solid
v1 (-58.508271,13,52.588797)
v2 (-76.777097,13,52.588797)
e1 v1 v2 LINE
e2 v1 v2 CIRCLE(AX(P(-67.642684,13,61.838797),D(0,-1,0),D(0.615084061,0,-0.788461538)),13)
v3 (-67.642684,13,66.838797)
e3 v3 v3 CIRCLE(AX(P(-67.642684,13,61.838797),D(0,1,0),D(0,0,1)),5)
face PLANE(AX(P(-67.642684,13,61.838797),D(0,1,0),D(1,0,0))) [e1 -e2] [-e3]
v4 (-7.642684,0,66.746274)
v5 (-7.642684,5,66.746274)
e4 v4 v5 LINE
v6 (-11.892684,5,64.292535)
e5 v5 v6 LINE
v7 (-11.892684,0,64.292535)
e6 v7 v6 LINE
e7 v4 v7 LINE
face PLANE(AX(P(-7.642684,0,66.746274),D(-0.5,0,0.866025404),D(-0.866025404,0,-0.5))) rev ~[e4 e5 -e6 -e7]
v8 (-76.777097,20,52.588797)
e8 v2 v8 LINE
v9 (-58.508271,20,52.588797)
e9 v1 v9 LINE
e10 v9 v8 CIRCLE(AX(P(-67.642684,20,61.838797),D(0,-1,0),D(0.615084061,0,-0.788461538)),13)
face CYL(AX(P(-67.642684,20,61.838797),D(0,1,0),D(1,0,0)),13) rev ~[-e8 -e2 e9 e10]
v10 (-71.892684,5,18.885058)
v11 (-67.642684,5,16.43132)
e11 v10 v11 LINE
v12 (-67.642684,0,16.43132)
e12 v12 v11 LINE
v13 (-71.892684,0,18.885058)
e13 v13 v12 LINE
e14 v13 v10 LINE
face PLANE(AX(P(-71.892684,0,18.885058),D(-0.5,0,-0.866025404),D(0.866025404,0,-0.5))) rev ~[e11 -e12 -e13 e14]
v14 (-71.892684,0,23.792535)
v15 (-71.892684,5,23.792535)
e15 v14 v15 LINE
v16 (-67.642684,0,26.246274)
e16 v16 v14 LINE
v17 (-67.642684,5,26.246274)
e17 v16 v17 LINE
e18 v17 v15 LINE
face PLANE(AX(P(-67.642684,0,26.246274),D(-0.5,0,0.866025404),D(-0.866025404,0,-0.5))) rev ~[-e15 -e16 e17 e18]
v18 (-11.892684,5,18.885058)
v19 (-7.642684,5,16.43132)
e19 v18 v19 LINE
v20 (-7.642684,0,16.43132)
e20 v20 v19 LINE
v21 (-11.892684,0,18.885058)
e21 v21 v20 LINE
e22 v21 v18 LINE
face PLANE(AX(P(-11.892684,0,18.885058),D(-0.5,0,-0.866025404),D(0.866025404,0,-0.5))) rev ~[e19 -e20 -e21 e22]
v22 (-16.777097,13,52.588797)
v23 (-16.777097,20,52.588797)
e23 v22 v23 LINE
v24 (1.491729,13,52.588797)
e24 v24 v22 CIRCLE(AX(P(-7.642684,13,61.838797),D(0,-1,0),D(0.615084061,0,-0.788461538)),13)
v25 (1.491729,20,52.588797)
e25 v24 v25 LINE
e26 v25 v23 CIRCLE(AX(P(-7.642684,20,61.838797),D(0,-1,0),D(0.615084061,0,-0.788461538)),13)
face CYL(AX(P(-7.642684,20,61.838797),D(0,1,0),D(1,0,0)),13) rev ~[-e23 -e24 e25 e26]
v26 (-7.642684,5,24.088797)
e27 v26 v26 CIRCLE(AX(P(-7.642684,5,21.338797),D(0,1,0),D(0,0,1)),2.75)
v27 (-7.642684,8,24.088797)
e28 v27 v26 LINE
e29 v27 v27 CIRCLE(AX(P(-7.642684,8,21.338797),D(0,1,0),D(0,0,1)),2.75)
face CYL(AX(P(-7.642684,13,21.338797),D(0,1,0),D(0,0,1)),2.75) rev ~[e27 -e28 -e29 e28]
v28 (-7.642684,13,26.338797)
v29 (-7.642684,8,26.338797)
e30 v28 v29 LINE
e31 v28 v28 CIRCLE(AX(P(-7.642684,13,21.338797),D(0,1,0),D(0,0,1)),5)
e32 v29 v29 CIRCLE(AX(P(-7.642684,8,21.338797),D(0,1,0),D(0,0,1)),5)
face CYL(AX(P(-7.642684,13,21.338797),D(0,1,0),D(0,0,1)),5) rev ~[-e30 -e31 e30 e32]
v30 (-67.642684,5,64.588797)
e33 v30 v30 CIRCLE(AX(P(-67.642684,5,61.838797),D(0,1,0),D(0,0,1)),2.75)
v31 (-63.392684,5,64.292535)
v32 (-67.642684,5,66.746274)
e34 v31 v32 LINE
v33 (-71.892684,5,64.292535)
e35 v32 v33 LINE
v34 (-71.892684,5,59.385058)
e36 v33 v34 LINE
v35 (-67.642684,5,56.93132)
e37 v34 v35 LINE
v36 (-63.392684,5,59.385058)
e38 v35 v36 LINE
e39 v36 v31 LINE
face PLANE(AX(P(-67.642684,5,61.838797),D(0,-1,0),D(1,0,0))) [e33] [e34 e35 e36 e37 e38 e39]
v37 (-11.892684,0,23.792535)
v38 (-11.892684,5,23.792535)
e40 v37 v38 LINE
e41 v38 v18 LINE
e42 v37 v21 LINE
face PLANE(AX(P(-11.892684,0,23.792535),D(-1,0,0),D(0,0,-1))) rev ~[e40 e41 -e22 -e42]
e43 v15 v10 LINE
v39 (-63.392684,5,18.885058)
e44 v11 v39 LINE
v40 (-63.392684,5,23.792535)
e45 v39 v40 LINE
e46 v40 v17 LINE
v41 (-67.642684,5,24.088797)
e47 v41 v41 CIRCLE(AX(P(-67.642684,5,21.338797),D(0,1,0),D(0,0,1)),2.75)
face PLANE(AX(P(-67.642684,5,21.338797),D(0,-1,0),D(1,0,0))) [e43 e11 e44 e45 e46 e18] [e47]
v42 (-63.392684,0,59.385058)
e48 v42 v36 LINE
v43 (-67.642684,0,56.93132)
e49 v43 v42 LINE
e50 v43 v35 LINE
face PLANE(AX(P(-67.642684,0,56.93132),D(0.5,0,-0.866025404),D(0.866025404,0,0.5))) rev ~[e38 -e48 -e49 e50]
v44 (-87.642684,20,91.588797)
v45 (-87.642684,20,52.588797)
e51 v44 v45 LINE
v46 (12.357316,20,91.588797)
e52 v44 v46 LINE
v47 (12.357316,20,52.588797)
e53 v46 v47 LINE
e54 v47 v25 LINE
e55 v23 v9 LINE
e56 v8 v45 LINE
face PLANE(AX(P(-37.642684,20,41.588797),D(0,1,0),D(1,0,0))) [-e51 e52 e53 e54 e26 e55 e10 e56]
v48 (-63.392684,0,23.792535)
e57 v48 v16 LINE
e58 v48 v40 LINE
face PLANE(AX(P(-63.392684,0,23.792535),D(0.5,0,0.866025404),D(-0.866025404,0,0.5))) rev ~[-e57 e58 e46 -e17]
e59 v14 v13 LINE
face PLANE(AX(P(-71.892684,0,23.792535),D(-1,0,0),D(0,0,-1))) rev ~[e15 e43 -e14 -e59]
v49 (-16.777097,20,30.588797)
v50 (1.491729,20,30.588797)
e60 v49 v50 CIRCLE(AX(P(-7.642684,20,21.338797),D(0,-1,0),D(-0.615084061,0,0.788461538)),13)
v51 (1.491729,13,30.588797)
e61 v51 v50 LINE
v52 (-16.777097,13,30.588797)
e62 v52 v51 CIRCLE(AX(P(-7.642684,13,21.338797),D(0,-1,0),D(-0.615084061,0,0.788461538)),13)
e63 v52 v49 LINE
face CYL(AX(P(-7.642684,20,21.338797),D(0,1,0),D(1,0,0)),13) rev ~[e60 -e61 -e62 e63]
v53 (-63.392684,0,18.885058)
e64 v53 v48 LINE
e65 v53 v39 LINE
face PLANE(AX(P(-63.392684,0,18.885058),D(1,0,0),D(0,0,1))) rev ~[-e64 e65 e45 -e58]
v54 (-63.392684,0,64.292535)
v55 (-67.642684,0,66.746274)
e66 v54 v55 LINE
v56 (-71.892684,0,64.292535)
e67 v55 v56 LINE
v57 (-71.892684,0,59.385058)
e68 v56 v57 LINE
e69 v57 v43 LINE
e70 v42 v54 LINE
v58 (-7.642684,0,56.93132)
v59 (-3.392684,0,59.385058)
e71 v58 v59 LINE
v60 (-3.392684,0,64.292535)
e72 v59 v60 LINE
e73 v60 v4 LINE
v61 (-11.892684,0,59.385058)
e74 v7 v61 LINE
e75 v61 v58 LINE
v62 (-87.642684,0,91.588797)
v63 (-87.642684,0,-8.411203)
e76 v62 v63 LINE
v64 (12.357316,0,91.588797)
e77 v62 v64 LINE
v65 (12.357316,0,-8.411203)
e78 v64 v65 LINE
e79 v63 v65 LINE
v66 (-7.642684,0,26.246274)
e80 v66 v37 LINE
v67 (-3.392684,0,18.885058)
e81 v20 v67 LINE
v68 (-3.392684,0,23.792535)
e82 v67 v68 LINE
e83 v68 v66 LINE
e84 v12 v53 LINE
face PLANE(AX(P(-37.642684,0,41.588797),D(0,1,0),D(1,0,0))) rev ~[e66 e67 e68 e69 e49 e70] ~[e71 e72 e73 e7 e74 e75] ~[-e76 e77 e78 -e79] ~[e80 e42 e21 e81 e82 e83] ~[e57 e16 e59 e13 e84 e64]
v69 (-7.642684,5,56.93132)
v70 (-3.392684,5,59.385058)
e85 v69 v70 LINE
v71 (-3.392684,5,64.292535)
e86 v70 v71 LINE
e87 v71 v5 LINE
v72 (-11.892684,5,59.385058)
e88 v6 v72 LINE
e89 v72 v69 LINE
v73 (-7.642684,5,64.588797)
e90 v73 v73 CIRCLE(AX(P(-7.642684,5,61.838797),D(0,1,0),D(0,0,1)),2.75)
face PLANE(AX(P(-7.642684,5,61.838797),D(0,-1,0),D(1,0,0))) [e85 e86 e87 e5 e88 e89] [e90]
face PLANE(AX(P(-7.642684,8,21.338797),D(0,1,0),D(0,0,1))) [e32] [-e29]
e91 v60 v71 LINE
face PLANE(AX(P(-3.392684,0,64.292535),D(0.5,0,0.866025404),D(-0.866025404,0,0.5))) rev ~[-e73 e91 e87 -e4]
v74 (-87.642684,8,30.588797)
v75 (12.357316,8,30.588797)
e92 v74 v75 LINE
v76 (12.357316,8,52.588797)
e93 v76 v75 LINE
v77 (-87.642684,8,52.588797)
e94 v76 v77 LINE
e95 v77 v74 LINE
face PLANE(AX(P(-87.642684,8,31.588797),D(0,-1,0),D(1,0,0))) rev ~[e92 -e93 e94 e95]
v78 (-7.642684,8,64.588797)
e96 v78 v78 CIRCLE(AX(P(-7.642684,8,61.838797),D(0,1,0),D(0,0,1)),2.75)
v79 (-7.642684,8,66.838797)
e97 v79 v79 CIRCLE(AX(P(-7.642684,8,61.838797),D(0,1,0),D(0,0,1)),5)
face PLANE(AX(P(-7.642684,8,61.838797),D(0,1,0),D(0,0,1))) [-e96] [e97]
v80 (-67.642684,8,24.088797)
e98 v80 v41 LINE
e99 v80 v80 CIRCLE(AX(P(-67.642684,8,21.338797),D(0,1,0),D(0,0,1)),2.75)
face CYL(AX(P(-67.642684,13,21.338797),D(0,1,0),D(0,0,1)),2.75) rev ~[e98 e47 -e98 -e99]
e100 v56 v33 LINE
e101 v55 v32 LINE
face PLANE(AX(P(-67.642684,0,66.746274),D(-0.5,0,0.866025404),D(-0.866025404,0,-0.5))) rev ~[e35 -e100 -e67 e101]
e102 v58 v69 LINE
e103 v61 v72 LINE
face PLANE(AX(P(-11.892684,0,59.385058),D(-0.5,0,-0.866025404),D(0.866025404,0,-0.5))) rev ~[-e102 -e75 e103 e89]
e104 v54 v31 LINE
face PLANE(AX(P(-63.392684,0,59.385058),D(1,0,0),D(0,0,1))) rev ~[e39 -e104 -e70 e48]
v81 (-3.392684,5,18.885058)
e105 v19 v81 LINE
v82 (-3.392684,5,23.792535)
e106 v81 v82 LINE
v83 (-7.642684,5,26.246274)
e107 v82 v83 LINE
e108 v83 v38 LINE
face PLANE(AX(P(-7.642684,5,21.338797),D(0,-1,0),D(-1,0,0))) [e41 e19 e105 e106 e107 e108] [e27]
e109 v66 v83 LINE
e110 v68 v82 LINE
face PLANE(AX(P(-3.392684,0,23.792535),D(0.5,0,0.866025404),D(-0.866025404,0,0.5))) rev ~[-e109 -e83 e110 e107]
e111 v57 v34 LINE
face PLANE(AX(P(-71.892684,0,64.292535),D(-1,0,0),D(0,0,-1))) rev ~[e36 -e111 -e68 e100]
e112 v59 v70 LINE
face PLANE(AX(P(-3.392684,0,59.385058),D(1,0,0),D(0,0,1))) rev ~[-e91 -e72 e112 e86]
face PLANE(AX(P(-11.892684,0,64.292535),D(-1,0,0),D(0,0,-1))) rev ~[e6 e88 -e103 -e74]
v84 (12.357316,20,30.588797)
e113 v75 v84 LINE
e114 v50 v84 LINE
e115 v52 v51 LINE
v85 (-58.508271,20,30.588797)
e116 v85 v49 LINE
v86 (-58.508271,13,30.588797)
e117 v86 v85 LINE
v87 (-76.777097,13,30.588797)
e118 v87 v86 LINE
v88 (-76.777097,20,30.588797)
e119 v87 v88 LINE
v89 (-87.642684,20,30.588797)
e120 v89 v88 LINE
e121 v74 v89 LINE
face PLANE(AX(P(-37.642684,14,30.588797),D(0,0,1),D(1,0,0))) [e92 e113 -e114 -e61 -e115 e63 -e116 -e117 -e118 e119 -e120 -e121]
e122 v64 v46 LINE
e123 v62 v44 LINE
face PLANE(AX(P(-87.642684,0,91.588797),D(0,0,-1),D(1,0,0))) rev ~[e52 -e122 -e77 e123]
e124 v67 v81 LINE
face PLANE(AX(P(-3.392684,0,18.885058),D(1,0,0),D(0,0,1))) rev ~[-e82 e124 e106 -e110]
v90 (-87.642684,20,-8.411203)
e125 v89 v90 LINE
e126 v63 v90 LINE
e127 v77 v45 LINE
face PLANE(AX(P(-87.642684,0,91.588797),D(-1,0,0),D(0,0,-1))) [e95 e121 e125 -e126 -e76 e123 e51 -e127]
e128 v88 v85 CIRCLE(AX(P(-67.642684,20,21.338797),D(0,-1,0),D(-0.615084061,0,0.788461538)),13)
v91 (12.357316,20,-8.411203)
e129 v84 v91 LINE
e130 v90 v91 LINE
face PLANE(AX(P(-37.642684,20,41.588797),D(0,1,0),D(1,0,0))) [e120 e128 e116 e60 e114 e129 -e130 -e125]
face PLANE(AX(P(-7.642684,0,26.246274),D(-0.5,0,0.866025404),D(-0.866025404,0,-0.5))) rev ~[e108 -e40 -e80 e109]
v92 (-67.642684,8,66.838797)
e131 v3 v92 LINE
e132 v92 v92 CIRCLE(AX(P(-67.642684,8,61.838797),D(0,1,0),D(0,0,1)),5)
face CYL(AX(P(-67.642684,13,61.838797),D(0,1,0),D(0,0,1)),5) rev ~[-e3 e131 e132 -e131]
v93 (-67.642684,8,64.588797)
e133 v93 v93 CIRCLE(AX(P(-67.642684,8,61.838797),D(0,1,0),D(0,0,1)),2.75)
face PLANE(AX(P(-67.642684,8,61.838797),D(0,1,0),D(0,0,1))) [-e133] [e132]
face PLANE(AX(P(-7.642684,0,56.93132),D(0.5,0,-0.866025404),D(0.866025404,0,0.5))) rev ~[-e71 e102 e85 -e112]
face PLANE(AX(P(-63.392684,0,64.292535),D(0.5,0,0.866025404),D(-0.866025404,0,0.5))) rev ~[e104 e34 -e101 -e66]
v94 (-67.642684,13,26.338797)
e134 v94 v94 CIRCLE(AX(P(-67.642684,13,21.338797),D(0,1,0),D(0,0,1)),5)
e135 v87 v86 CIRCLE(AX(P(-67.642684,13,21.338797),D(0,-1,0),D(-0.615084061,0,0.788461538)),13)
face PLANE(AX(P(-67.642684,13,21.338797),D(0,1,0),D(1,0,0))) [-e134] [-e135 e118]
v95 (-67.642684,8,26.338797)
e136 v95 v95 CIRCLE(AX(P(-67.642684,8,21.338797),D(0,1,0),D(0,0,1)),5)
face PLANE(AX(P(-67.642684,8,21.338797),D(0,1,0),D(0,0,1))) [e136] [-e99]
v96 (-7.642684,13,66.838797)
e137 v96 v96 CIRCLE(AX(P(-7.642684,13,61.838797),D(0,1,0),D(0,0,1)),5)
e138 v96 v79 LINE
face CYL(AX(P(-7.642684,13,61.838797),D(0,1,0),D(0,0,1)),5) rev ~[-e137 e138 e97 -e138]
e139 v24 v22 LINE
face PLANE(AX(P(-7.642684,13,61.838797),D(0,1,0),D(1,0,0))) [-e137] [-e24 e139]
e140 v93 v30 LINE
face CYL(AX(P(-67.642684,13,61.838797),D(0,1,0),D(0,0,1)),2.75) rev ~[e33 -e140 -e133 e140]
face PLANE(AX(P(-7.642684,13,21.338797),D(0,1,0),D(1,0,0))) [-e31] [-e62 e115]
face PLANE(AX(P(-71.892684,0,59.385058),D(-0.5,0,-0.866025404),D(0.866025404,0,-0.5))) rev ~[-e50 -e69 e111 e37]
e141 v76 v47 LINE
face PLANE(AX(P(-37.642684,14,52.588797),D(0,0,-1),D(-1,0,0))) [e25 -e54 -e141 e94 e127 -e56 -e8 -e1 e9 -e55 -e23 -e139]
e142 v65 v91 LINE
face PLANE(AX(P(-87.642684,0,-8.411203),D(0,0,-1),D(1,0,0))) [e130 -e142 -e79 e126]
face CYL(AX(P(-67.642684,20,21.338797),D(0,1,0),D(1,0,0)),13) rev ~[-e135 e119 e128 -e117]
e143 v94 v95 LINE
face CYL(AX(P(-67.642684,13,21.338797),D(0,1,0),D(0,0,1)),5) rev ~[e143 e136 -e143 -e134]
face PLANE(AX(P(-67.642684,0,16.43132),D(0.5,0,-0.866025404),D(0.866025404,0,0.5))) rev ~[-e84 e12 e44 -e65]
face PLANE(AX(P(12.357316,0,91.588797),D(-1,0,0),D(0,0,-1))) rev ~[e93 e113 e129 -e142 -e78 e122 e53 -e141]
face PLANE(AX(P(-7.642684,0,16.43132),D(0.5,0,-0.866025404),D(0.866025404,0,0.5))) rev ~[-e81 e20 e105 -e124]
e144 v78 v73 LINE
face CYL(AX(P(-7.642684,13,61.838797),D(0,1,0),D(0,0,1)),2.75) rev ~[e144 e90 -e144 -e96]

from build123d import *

# Parameters (mm, degrees)
SKETCH2_W           = 100
SKETCH2_H           = 100
BOSS_EXTRUDE1_DEPTH = 20
SKETCH3_W           = 100
SKETCH3_H           = 20
CUT_EXTRUDE1_DEPTH  = 12
SKETCH5_R           = 13
CUT_EXTRUDE2_DEPTH  = 7
SKETCH6_R           = 13
CUT_EXTRUDE3_DEPTH  = 7
SKETCH8_R           = 13
CUT_EXTRUDE5_DEPTH  = 7
SKETCH7_R           = 13
CUT_EXTRUDE10_DEPTH = 7
SKETCH13_R          = 2.75
CUT_EXTRUDE11_DEPTH = 128.4313455
SKETCH14_R          = 2.75
CUT_EXTRUDE12_DEPTH = 128.4313455
SKETCH15_R          = 2.75
CUT_EXTRUDE13_DEPTH = 128.4313455
SKETCH16_R          = 2.75
CUT_EXTRUDE14_DEPTH = 128.4313455
CUT_EXTRUDE15_DEPTH = 5
CUT_EXTRUDE16_DEPTH = 5
CUT_EXTRUDE17_DEPTH = 5
CUT_EXTRUDE18_DEPTH = 5
SKETCH22_W          = 100
SKETCH22_H          = 12
CUT_EXTRUDE19_DEPTH = 1
SKETCH23_W          = 100
SKETCH23_H          = 12
CUT_EXTRUDE20_DEPTH = 1
SKETCH24_R          = 5
CUT_EXTRUDE21_DEPTH = 5
SKETCH25_R          = 5
CUT_EXTRUDE22_DEPTH = 5
SKETCH26_R          = 5
CUT_EXTRUDE23_DEPTH = 5
SKETCH27_R          = 5
CUT_EXTRUDE24_DEPTH = 5


with BuildPart() as part:
    # Sketch2 → Boss-Extrude1 (new body)
    with BuildSketch(Plane(origin=(0, 0, 0), x_dir=(1, 0, 0), z_dir=(0, 1, 0))):
        with Locations((-37.64268429, -41.588796838)):
            Rectangle(SKETCH2_W, SKETCH2_H)
    extrude(amount=BOSS_EXTRUDE1_DEPTH)

    # Sketch3 → Cut-Extrude1 (cut)
    with BuildSketch(Plane(origin=(0, 20, 0), x_dir=(1, 0, 0), z_dir=(0, 1, 0))):
        with Locations((-37.64268429, -41.588796838)):
            Rectangle(SKETCH3_W, SKETCH3_H)
    extrude(amount=-CUT_EXTRUDE1_DEPTH, mode=Mode.SUBTRACT)

    # Sketch5 → Cut-Extrude2 (cut)
    with BuildSketch(Plane(origin=(0, 20, 0), x_dir=(1, 0, 0), z_dir=(0, 1, 0))):
        with Locations((-7.64268429, -61.838796838)):
            Circle(SKETCH5_R)
    extrude(amount=-CUT_EXTRUDE2_DEPTH, mode=Mode.SUBTRACT)

    # Sketch6 → Cut-Extrude3 (cut)
    with BuildSketch(Plane(origin=(0, 20, 0), x_dir=(1, 0, 0), z_dir=(0, 1, 0))):
        with Locations((-67.64268429, -61.838796838)):
            Circle(SKETCH6_R)
    extrude(amount=-CUT_EXTRUDE3_DEPTH, mode=Mode.SUBTRACT)

    # Sketch8 → Cut-Extrude5 (cut)
    with BuildSketch(Plane(origin=(0, 20, 0), x_dir=(1, 0, 0), z_dir=(0, 1, 0))):
        with Locations((-7.64268429, -21.338796838)):
            Circle(SKETCH8_R)
    extrude(amount=-CUT_EXTRUDE5_DEPTH, mode=Mode.SUBTRACT)

    # Sketch7 → Cut-Extrude10 (cut)
    with BuildSketch(Plane(origin=(0, 20, 0), x_dir=(1, 0, 0), z_dir=(0, 1, 0))):
        with Locations((-67.64268429, -21.338796838)):
            Circle(SKETCH7_R)
    extrude(amount=-CUT_EXTRUDE10_DEPTH, mode=Mode.SUBTRACT)

    # Sketch13 → Cut-Extrude11 (cut, through all)
    with BuildSketch(Plane(origin=(0, 13, 0), x_dir=(1, 0, 0), z_dir=(0, 1, 0))):
        with Locations(Location((-67.64268429, -21.338796838, 0), (0, 0, 270))):
            Circle(SKETCH13_R)
    extrude(amount=-CUT_EXTRUDE11_DEPTH, mode=Mode.SUBTRACT)

    # Sketch14 → Cut-Extrude12 (cut, through all)
    with BuildSketch(Plane(origin=(0, 13, 0), x_dir=(1, 0, 0), z_dir=(0, 1, 0))):
        with Locations(Location((-7.64268429, -21.338796838, 0), (0, 0, 270))):
            Circle(SKETCH14_R)
    extrude(amount=-CUT_EXTRUDE12_DEPTH, mode=Mode.SUBTRACT)

    # Sketch15 → Cut-Extrude13 (cut, through all)
    with BuildSketch(Plane(origin=(0, 13, 0), x_dir=(1, 0, 0), z_dir=(0, 1, 0))):
        with Locations(Location((-7.64268429, -61.838796838, 0), (0, 0, 270))):
            Circle(SKETCH15_R)
    extrude(amount=-CUT_EXTRUDE13_DEPTH, mode=Mode.SUBTRACT)

    # Sketch16 → Cut-Extrude14 (cut, through all)
    with BuildSketch(Plane(origin=(0, 13, 0), x_dir=(1, 0, 0), z_dir=(0, 1, 0))):
        with Locations(Location((-67.64268429, -61.838796838, 0), (0, 0, 270))):
            Circle(SKETCH16_R)
    extrude(amount=-CUT_EXTRUDE14_DEPTH, mode=Mode.SUBTRACT)

    # Sketch17 → Cut-Extrude15 (cut)
    with BuildSketch(Plane(origin=(0, 0, 0), x_dir=(-1, 0, 0), z_dir=(0, -1, 0))):
        Polygon((7.64268429, -26.246274126), (11.89268429, -23.792535482), (11.89268429, -18.885058194), (7.64268429, -16.43131955), (3.39268429, -18.885058194), (3.39268429, -23.792535482), align=None)
    extrude(amount=-CUT_EXTRUDE15_DEPTH, mode=Mode.SUBTRACT)

    # Sketch19 → Cut-Extrude16 (cut)
    with BuildSketch(Plane.XZ):
        Polygon((-67.64268429, 26.246274126), (-71.89268429, 23.792535482), (-71.89268429, 18.885058194), (-67.64268429, 16.43131955), (-63.39268429, 18.885058194), (-63.39268429, 23.792535482), align=None)
    extrude(amount=-CUT_EXTRUDE16_DEPTH, mode=Mode.SUBTRACT)

    # Sketch20 → Cut-Extrude17 (cut)
    with BuildSketch(Plane.XZ):
        Polygon((-67.64268429, 66.746274126), (-71.89268429, 64.292535482), (-71.89268429, 59.385058194), (-67.64268429, 56.93131955), (-63.39268429, 59.385058194), (-63.39268429, 64.292535482), align=None)
    extrude(amount=-CUT_EXTRUDE17_DEPTH, mode=Mode.SUBTRACT)

    # Sketch21 → Cut-Extrude18 (cut)
    with BuildSketch(Plane.XZ):
        Polygon((-7.64268429, 66.746274126), (-11.89268429, 64.292535482), (-11.89268429, 59.385058194), (-7.64268429, 56.93131955), (-3.39268429, 59.385058194), (-3.39268429, 64.292535482), align=None)
    extrude(amount=-CUT_EXTRUDE18_DEPTH, mode=Mode.SUBTRACT)

    # Sketch22 → Cut-Extrude19 (cut)
    with BuildSketch(Plane.XY.offset(31.588796838)):
        with Locations((-37.64268429, 14)):
            Rectangle(SKETCH22_W, SKETCH22_H)
    extrude(amount=-CUT_EXTRUDE19_DEPTH, mode=Mode.SUBTRACT)

    # Sketch23 → Cut-Extrude20 (cut)
    with BuildSketch(Plane(origin=(0, 0, 51.588796838), x_dir=(-1, 0, 0), z_dir=(0, 0, -1))):
        with Locations((37.64268429, 14)):
            Rectangle(SKETCH23_W, SKETCH23_H)
    extrude(amount=-CUT_EXTRUDE20_DEPTH, mode=Mode.SUBTRACT)

    # Sketch24 → Cut-Extrude21 (cut)
    with BuildSketch(Plane(origin=(0, 13, 0), x_dir=(1, 0, 0), z_dir=(0, 1, 0))):
        with Locations(Location((-67.64268429, -61.838796838, 0), (0, 0, 270))):
            Circle(SKETCH24_R)
    extrude(amount=-CUT_EXTRUDE21_DEPTH, mode=Mode.SUBTRACT)

    # Sketch25 → Cut-Extrude22 (cut)
    with BuildSketch(Plane(origin=(0, 13, 0), x_dir=(1, 0, 0), z_dir=(0, 1, 0))):
        with Locations(Location((-7.64268429, -61.838796838, 0), (0, 0, 270))):
            Circle(SKETCH25_R)
    extrude(amount=-CUT_EXTRUDE22_DEPTH, mode=Mode.SUBTRACT)

    # Sketch26 → Cut-Extrude23 (cut)
    with BuildSketch(Plane(origin=(0, 13, 0), x_dir=(1, 0, 0), z_dir=(0, 1, 0))):
        with Locations(Location((-7.64268429, -21.338796838, 0), (0, 0, 270))):
            Circle(SKETCH26_R)
    extrude(amount=-CUT_EXTRUDE23_DEPTH, mode=Mode.SUBTRACT)

    # Sketch27 → Cut-Extrude24 (cut)
    with BuildSketch(Plane(origin=(0, 13, 0), x_dir=(1, 0, 0), z_dir=(0, 1, 0))):
        with Locations(Location((-67.64268429, -21.338796838, 0), (0, 0, 270))):
            Circle(SKETCH27_R)
    extrude(amount=-CUT_EXTRUDE24_DEPTH, mode=Mode.SUBTRACT)


solid = part.part
